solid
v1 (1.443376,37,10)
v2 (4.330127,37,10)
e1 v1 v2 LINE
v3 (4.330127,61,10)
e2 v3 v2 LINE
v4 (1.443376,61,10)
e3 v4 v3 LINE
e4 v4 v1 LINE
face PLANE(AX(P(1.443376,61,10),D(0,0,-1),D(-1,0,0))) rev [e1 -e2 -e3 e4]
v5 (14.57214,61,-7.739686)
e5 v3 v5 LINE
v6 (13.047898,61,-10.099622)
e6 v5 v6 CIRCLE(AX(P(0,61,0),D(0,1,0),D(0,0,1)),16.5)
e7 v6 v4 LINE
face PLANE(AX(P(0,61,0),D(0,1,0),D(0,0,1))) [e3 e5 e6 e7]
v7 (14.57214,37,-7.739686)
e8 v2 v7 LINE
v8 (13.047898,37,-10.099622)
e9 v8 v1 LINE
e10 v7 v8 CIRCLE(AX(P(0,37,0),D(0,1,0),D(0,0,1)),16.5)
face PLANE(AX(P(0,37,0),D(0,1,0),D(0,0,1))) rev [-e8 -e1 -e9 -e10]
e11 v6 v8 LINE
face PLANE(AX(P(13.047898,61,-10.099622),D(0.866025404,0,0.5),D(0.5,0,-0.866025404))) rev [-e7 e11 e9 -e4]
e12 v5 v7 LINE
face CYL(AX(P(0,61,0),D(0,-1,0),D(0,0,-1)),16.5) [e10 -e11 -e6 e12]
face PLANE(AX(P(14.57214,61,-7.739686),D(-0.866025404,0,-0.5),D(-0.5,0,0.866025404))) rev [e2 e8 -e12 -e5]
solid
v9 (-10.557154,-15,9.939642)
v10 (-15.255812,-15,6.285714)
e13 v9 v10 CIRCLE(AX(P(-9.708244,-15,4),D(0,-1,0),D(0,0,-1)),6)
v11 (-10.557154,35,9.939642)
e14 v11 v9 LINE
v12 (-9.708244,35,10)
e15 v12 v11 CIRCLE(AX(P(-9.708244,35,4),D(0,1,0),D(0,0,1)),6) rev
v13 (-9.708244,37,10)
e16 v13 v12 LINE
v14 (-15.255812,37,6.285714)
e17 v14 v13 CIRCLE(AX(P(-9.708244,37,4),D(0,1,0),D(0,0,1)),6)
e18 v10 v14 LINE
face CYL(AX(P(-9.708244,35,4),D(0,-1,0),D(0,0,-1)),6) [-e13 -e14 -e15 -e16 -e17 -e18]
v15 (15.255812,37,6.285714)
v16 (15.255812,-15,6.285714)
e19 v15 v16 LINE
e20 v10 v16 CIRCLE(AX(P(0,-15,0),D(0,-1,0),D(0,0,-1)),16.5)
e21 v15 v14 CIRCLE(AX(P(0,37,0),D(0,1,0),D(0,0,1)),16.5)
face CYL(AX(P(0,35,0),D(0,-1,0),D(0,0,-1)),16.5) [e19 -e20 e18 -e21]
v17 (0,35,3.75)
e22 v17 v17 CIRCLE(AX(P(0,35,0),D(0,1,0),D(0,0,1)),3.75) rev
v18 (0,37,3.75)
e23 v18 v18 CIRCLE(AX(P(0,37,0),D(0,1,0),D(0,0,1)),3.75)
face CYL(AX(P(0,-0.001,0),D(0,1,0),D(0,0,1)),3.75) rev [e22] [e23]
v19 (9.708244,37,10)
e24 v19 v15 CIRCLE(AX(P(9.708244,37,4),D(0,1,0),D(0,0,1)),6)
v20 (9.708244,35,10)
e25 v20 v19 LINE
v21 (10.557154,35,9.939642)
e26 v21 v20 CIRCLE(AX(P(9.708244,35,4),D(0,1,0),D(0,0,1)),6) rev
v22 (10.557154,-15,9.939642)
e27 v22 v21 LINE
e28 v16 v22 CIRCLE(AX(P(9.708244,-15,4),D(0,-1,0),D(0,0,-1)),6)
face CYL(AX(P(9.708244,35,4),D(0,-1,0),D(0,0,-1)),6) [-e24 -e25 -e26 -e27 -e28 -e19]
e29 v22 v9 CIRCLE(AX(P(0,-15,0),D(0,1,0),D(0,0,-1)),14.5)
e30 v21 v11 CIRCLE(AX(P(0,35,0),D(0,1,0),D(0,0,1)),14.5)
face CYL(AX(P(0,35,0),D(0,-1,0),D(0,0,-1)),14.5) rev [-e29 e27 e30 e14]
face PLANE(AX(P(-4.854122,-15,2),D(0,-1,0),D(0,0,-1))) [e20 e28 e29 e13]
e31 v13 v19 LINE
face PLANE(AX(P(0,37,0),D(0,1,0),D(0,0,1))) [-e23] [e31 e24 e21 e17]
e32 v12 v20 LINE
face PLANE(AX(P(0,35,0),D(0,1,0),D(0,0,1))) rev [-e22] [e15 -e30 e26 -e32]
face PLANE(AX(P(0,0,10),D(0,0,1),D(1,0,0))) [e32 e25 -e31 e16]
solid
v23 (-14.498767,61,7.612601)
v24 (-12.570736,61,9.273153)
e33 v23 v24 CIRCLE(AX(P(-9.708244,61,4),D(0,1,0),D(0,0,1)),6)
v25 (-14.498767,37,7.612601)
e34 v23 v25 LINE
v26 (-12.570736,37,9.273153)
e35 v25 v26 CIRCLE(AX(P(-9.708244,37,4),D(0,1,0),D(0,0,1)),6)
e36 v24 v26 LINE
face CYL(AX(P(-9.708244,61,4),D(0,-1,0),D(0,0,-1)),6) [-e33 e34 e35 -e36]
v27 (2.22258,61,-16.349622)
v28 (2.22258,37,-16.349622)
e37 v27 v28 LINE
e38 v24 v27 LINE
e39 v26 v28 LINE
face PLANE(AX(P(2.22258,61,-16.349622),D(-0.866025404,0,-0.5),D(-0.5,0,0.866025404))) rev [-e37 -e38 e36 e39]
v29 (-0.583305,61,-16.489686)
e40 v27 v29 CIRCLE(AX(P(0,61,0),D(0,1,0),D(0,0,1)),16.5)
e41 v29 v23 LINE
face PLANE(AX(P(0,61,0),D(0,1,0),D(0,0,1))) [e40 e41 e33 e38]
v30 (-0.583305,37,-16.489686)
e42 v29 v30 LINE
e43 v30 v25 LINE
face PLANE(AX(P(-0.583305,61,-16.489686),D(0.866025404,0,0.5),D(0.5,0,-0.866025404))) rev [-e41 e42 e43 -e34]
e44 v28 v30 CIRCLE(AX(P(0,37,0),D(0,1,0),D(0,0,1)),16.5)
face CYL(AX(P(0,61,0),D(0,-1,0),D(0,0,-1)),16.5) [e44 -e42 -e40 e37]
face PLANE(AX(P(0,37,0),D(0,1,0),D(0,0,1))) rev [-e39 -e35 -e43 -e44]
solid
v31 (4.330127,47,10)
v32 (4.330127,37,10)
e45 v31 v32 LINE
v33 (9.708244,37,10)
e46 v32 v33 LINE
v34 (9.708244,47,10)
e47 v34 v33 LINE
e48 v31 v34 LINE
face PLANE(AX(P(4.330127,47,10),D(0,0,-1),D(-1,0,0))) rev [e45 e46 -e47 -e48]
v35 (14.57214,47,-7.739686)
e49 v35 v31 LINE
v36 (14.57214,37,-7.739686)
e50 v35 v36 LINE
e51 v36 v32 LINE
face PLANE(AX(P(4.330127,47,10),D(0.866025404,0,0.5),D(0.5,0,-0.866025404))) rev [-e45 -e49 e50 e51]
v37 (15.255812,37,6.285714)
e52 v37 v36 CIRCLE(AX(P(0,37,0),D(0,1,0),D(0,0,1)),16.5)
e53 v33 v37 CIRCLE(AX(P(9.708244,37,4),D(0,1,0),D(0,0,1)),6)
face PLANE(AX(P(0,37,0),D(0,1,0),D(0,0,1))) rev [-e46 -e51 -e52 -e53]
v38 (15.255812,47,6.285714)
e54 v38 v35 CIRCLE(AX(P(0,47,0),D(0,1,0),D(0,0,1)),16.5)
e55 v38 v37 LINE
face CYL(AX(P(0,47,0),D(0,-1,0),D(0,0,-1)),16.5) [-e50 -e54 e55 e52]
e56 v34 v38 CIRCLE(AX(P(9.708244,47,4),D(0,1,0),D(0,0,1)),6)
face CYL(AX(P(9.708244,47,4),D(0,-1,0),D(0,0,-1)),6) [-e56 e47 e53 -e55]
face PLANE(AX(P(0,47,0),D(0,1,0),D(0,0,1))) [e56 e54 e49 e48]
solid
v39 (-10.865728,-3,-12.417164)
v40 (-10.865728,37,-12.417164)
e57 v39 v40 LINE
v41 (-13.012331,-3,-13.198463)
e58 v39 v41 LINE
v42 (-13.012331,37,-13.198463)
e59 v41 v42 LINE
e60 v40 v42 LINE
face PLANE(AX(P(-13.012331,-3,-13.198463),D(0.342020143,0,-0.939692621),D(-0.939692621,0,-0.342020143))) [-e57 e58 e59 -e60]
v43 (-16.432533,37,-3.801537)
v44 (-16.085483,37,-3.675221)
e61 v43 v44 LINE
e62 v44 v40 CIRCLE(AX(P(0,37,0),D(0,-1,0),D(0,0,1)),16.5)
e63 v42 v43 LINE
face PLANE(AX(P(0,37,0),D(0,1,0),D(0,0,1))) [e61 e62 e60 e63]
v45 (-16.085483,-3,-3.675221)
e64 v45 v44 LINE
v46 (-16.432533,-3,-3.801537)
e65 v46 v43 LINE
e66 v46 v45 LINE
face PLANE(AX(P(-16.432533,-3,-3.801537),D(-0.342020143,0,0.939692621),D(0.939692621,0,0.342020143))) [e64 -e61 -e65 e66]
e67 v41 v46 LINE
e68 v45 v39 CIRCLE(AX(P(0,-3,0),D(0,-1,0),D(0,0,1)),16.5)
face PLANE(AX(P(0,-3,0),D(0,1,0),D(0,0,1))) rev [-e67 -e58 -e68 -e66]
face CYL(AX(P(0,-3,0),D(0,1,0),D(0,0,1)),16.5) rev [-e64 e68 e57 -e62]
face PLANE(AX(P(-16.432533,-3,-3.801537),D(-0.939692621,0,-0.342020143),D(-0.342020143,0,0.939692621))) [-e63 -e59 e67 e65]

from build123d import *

# Parameters (mm, degrees)
SKETCH_1_R          = 16.5
SKETCH_1_R_2        = 14.5
EXTRUDE_1_DEPTH     = 35
SKETCH_3_R          = 16.5
EXTRUDE_2_DEPTH     = 2
SKETCH_4_W          = 78.350079852
SKETCH_4_H          = 91.802514566
CUT_EXTRUDE_1_DEPTH = 49.40970977
CUT_EXTRUDE_2_REACH = 45.744
SKETCH_5_R          = 3.75
FILLET_1_R          = 6
EXTRUDE_3_DEPTH     = 24
EXTRUDE_3_2_DEPTH   = 24
EXTRUDE_7_DEPTH     = 10
EXTRUDE_START       = 15
EXTRUDE_8_DEPTH     = 15
EXTRUDE_10_DEPTH    = 40


with BuildPart() as part:
    # 草图1 → 凸台-拉伸1 (new body)
    with BuildSketch(Plane(origin=(0, 0, 0), x_dir=(1, 0, 0), z_dir=(0, 1, 0))):
        with Locations(Location((0, 0, 0), (0, 0, 270))):
            Circle(SKETCH_1_R)
        with Locations(Location((0, 0, 0), (0, 0, 270))):
            Circle(SKETCH_1_R_2, mode=Mode.SUBTRACT)
    extrude(amount=EXTRUDE_1_DEPTH)

    # 草图3 → 凸台-拉伸2 (add)
    with BuildSketch(Plane(origin=(0, 35, 0), x_dir=(1, 0, 0), z_dir=(0, 1, 0))):
        with Locations(Location((0, 0, 0), (0, 0, 270))):
            Circle(SKETCH_3_R)
    extrude(amount=EXTRUDE_2_DEPTH)

    # 草图4 → 切除-拉伸1 (cut, through all)
    with BuildSketch(Plane.XY.offset(10)):
        with Locations((-10.760491613, -6.179419868)):
            Rectangle(SKETCH_4_W, SKETCH_4_H)
    extrude(amount=CUT_EXTRUDE_1_DEPTH, mode=Mode.SUBTRACT)

    # 草图5 → 切除-拉伸2 (cut, up to next)
    with BuildSketch(Plane(origin=(0, 37, 0), x_dir=(1, 0, 0), z_dir=(0, 1, 0)), mode=Mode.PRIVATE) as cut_extrude_2_sk1:
        with Locations(Location((0, 0, 0), (0, 0, 270))):
            Circle(SKETCH_5_R)
    cut_extrude_2_tool1 = extrude(cut_extrude_2_sk1.sketch, amount=-CUT_EXTRUDE_2_REACH, mode=Mode.PRIVATE) & part.part
    add(cut_extrude_2_tool1.solids().sort_by_distance((0, 37, 0))[0], mode=Mode.SUBTRACT)

    # 圆角1
    fillet_1_edges = [part.edges().sort_by_distance(p)[0] for p in [
        (13.124404748, 18.5, 10),
        (-13.124404748, 18.5, 10),
    ]]
    fillet(fillet_1_edges, radius=FILLET_1_R)

    # 草图10 → 凸台-拉伸8 (add)
    with BuildSketch(Plane.XZ.offset(EXTRUDE_START)):
        with BuildLine():
            ThreePointArc((-15.255811873, 6.285714286), (0, -16.5), (15.255811873, 6.285714286))
            ThreePointArc((15.255811873, 6.285714286), (13.391521243, 8.736398226), (10.557154474, 9.939642318))
            ThreePointArc((10.557154474, 9.939642318), (0, -14.5), (-10.557154474, 9.939642318))
            ThreePointArc((-10.557154474, 9.939642318), (-13.391521243, 8.736398226), (-15.255811873, 6.285714286))
        make_face()
    extrude(amount=-EXTRUDE_8_DEPTH)


with BuildPart() as body_2:
    # 草图6 → 凸台-拉伸3 (new body)
    with BuildSketch(Plane(origin=(0, 37, 0), x_dir=(1, 0, 0), z_dir=(0, 1, 0))):
        with BuildLine():
            Line((13.047897801, 10.099621923), (1.443375673, -10))
            Line((1.443375673, -10), (4.330127019, -10))
            Line((4.330127019, -10), (14.5721397, 7.739686335))
            ThreePointArc((14.5721397, 7.739686335), (13.860337004, 8.952153826), (13.047897801, 10.099621923))
        make_face()
    extrude(amount=EXTRUDE_3_DEPTH)


with BuildPart() as body_3:
    # 草图6 → Extrude 3 2 (new body)
    with BuildSketch(Plane(origin=(0, 37, 0), x_dir=(1, 0, 0), z_dir=(0, 1, 0))):
        with BuildLine():
            Line((-0.583304866, 16.489686335), (-14.498767089, -7.612601246))
            ThreePointArc((-14.498767089, -7.612601246), (-13.623792058, -8.546260307), (-12.570735662, -9.273152854))
            Line((-12.570735662, -9.273152854), (2.222580253, 16.349621923))
            ThreePointArc((2.222580253, 16.349621923), (0.82262413, 16.479480864), (-0.583304866, 16.489686335))
        make_face()
    extrude(amount=EXTRUDE_3_2_DEPTH)


with BuildPart() as body_4:
    # 草图9 → 凸台-拉伸7 (new body)
    with BuildSketch(Plane(origin=(0, 37, 0), x_dir=(1, 0, 0), z_dir=(0, 1, 0))):
        with BuildLine():
            Line((4.330127019, -10), (9.708243919, -10))
            ThreePointArc((9.708243919, -10), (13.046335761, -8.985693819), (15.255811873, -6.285714286))
            ThreePointArc((15.255811873, -6.285714286), (16.480432015, 0.803343383), (14.5721397, 7.739686335))
            Line((14.5721397, 7.739686335), (4.330127019, -10))
        make_face()
    extrude(amount=EXTRUDE_7_DEPTH)


with BuildPart() as body_5:
    # 草图12 → 凸台-拉伸10 (new body)
    with BuildSketch(Plane(origin=(0, 37, 0), x_dir=(1, 0, 0), z_dir=(0, 1, 0))):
        with BuildLine():
            Line((-16.432532581, 3.801536896), (-13.012331148, 13.198463104))
            Line((-13.012331148, 13.198463104), (-10.865728221, 12.417163534))
            ThreePointArc((-10.865728221, 12.417163534), (-14.166768538, 8.458881084), (-16.085482597, 3.675221032))
            Line((-16.085482597, 3.675221032), (-16.432532581, 3.801536896))
        make_face()
    extrude(amount=-EXTRUDE_10_DEPTH)


solid = Compound([part.part, body_2.part, body_3.part, body_4.part, body_5.part])
